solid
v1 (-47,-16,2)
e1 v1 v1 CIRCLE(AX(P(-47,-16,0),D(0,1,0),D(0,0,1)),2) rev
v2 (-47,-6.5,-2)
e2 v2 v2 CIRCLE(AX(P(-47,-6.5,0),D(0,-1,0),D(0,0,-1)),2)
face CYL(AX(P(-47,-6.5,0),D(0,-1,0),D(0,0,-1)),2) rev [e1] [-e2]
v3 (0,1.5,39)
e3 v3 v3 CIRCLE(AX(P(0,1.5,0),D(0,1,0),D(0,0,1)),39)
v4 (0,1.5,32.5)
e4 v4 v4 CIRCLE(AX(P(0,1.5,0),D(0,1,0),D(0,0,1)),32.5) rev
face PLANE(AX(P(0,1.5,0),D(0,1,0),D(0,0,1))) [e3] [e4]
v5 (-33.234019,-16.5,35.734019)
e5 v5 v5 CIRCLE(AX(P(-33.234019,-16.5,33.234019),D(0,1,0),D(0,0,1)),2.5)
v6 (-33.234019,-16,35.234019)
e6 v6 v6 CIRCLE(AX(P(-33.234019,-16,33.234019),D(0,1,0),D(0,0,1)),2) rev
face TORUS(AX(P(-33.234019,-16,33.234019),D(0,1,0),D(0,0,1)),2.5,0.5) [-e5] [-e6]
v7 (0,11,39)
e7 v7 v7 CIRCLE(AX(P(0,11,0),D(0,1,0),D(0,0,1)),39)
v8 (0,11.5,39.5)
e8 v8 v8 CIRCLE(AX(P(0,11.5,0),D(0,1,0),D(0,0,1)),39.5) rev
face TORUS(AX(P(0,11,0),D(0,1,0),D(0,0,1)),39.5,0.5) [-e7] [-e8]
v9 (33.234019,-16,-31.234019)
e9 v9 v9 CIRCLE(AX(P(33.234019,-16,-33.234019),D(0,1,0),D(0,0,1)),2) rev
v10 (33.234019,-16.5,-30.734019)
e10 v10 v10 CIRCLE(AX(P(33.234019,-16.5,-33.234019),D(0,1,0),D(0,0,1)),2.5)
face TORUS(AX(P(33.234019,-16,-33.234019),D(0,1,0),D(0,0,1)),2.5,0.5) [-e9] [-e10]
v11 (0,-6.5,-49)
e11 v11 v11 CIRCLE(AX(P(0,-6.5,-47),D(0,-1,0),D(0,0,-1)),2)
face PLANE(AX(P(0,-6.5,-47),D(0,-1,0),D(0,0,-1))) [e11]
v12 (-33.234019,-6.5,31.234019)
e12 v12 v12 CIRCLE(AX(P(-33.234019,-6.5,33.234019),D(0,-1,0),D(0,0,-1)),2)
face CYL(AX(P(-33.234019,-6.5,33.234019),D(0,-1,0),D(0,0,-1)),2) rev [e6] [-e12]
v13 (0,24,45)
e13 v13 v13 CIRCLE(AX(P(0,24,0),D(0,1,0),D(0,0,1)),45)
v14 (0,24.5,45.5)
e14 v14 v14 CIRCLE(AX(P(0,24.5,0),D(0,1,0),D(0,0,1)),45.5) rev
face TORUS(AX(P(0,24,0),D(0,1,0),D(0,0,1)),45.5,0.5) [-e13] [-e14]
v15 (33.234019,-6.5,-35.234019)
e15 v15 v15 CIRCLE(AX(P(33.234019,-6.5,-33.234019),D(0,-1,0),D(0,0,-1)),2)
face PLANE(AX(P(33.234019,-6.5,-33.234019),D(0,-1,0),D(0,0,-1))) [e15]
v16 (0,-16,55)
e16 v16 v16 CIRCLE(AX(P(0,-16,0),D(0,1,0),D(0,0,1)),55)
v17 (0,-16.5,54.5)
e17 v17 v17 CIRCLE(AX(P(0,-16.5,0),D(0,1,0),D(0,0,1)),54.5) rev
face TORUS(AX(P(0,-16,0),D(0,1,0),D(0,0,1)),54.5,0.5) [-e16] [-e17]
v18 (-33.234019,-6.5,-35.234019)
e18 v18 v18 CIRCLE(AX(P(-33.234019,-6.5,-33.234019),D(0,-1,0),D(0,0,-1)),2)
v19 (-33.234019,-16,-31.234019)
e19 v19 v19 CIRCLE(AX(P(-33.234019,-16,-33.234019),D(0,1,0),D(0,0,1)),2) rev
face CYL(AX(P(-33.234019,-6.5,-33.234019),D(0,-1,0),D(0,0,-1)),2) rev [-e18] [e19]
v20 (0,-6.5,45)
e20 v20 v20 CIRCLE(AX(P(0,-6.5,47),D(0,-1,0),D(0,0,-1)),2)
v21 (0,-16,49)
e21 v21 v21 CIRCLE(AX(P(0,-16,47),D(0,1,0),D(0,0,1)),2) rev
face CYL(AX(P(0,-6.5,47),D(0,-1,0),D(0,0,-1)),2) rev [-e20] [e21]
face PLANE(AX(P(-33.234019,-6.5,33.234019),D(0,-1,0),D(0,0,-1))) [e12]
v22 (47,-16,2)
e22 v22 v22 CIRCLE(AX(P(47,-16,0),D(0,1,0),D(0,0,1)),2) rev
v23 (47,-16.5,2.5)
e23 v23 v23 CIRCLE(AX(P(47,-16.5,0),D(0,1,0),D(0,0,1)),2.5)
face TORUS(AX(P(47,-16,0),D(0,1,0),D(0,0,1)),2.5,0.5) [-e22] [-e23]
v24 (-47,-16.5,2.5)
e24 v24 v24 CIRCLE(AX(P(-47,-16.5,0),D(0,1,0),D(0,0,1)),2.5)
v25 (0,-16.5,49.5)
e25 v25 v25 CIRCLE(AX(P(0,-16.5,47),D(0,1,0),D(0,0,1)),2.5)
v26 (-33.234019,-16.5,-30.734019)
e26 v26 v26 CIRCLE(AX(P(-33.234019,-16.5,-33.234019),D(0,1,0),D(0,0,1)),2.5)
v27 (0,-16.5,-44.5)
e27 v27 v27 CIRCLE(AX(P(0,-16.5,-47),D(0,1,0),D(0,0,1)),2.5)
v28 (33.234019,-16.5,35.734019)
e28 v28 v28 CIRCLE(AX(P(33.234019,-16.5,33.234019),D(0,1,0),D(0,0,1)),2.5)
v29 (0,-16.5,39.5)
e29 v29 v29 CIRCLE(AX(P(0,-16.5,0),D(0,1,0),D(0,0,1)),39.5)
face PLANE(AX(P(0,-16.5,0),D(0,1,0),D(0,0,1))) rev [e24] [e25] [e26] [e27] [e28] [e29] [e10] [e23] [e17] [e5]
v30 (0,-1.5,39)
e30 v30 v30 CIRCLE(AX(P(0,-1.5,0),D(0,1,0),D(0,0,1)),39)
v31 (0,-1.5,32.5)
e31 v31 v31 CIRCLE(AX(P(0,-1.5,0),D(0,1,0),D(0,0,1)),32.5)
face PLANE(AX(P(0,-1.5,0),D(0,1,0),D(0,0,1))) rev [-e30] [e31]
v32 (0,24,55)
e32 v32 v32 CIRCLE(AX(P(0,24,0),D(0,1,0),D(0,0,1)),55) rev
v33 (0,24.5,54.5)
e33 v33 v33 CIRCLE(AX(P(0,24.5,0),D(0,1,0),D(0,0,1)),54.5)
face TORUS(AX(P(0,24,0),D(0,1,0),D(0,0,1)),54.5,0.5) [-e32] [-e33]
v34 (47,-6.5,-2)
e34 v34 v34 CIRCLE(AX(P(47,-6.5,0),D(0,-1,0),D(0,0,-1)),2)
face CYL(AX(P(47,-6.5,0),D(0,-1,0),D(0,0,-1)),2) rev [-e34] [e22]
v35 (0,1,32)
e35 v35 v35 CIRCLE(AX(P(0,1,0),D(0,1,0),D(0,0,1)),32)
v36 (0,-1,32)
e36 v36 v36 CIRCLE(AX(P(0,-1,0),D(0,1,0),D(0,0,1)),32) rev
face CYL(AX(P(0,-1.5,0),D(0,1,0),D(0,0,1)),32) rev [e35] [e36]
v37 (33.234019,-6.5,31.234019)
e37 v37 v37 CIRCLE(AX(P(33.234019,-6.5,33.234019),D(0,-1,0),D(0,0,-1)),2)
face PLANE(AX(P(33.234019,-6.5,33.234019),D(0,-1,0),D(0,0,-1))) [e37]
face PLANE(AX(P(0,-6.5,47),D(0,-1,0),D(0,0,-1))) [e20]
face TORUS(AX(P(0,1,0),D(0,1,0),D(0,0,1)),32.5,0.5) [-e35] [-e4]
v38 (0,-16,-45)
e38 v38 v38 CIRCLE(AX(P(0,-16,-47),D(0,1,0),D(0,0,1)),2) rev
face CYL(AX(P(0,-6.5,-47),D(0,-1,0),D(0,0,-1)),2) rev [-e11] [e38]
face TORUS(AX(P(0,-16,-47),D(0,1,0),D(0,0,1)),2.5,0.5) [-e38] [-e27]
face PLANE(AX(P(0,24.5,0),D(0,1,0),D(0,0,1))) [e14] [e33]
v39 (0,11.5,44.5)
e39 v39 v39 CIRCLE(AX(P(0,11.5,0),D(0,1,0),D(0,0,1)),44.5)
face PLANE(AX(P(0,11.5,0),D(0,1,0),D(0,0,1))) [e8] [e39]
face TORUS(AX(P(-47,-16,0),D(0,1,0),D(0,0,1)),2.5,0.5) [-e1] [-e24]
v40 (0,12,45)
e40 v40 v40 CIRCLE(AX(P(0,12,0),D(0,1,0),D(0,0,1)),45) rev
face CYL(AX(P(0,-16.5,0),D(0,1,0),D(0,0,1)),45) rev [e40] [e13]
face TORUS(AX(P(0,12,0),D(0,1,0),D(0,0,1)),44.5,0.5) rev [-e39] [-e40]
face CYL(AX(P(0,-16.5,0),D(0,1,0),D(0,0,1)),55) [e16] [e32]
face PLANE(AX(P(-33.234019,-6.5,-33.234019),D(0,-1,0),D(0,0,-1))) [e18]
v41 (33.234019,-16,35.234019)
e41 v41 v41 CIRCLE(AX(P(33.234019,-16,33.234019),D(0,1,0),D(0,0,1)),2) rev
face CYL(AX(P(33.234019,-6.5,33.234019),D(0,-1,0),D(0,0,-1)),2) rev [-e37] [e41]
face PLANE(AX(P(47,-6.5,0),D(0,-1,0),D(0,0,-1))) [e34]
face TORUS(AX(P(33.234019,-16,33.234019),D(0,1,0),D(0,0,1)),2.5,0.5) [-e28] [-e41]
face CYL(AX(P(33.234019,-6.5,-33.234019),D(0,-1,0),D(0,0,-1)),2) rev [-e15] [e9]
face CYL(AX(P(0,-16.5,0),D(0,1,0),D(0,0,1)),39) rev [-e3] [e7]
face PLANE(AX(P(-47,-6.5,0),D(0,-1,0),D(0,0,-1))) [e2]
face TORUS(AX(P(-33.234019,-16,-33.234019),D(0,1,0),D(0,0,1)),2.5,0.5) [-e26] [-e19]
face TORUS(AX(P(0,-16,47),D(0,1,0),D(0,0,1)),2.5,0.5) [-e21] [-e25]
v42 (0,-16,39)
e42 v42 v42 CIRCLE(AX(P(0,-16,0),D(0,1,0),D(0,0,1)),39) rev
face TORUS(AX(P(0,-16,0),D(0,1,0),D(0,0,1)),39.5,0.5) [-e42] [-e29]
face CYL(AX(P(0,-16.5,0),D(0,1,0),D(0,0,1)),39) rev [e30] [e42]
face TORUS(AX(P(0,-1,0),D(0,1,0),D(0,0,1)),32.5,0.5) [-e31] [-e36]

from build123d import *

# Parameters (mm, degrees)
BOSS_EXTRUDE4_DEPTH      = 1.5
BOSS_EXTRUDE4_DEPTH_BACK = 1.5
SKETCH3_R                = 39
SKETCH3_R_2              = 32
BOSS_EXTRUDE5_DEPTH      = 11.5
BOSS_EXTRUDE5_DEPTH_BACK = 16.5
SKETCH3_3_R              = 45
SKETCH3_3_R_2            = 39
BOSS_EXTRUDE6_DEPTH      = 24.5
BOSS_EXTRUDE6_DEPTH_BACK = 16.5
SKETCH3_4_R              = 55
SKETCH3_4_R_2            = 45
SKETCH4_R                = 2
CUT_EXTRUDE1_DEPTH       = 10
FILLET1_R                = 0.5


with BuildPart() as part:
    # Sketch3 → Boss-Extrude4 (new, two sides: drawn at the far end of the back side and taken through both)
    with BuildSketch(Plane(origin=(0, 0, 0), x_dir=(1, 0, 0), z_dir=(0, 1, 0)).offset(-BOSS_EXTRUDE4_DEPTH_BACK)):
        Circle(SKETCH3_R)
        Circle(SKETCH3_R_2, mode=Mode.SUBTRACT)
    extrude(amount=BOSS_EXTRUDE4_DEPTH + BOSS_EXTRUDE4_DEPTH_BACK)

    # Sketch3<3> → Boss-Extrude5 (add, two sides: drawn at the far end of the back side and taken through both)
    with BuildSketch(Plane(origin=(0, 0, 0), x_dir=(1, 0, 0), z_dir=(0, 1, 0)).offset(-BOSS_EXTRUDE5_DEPTH_BACK)):
        Circle(SKETCH3_3_R)
        Circle(SKETCH3_3_R_2, mode=Mode.SUBTRACT)
    extrude(amount=BOSS_EXTRUDE5_DEPTH + BOSS_EXTRUDE5_DEPTH_BACK)

    # Sketch3<4> → Boss-Extrude6 (add, two sides: drawn at the far end of the back side and taken through both)
    with BuildSketch(Plane(origin=(0, 0, 0), x_dir=(1, 0, 0), z_dir=(0, 1, 0)).offset(-BOSS_EXTRUDE6_DEPTH_BACK)):
        Circle(SKETCH3_4_R)
        Circle(SKETCH3_4_R_2, mode=Mode.SUBTRACT)
    extrude(amount=BOSS_EXTRUDE6_DEPTH + BOSS_EXTRUDE6_DEPTH_BACK)

    # Sketch4 → Cut-Extrude1 (cut)
    with BuildSketch(Plane.XZ.offset(16.5)):
        with Locations((0, 47)):
            Circle(SKETCH4_R)
        with Locations((33.234018716, 33.234018716)):
            Circle(SKETCH4_R)
        with Locations((47, 0)):
            Circle(SKETCH4_R)
        with Locations((33.234018716, -33.234018716)):
            Circle(SKETCH4_R)
        with Locations((0, -47)):
            Circle(SKETCH4_R)
        with Locations((-33.234018716, -33.234018716)):
            Circle(SKETCH4_R)
        with Locations((-47, 0)):
            Circle(SKETCH4_R)
        with Locations((-33.234018716, 33.234018716)):
            Circle(SKETCH4_R)
    extrude(amount=-CUT_EXTRUDE1_DEPTH, mode=Mode.SUBTRACT)

    # Fillet1
    fillet1_edges = [part.edges().sort_by_distance(p)[0] for p in [
        (-55, -16.5, 0),
        (-39, -16.5, 0),
        (-35.234018716, -16.5, 33.234018716),
        (-49, -16.5, 0),
        (-35.234018716, -16.5, -33.234018716),
        (-2, -16.5, -47),
        (31.234018716, -16.5, -33.234018716),
        (45, -16.5, 0),
        (31.234018716, -16.5, 33.234018716),
        (-2, -16.5, 47),
        (-45, 11.5, 0),
        (-39, 11.5, 0),
        (-55, 24.5, 0),
        (-45, 24.5, 0),
        (-32, -1.5, 0),
        (-32, 1.5, 0),
    ]]
    fillet(fillet1_edges, radius=FILLET1_R)


solid = part.part
